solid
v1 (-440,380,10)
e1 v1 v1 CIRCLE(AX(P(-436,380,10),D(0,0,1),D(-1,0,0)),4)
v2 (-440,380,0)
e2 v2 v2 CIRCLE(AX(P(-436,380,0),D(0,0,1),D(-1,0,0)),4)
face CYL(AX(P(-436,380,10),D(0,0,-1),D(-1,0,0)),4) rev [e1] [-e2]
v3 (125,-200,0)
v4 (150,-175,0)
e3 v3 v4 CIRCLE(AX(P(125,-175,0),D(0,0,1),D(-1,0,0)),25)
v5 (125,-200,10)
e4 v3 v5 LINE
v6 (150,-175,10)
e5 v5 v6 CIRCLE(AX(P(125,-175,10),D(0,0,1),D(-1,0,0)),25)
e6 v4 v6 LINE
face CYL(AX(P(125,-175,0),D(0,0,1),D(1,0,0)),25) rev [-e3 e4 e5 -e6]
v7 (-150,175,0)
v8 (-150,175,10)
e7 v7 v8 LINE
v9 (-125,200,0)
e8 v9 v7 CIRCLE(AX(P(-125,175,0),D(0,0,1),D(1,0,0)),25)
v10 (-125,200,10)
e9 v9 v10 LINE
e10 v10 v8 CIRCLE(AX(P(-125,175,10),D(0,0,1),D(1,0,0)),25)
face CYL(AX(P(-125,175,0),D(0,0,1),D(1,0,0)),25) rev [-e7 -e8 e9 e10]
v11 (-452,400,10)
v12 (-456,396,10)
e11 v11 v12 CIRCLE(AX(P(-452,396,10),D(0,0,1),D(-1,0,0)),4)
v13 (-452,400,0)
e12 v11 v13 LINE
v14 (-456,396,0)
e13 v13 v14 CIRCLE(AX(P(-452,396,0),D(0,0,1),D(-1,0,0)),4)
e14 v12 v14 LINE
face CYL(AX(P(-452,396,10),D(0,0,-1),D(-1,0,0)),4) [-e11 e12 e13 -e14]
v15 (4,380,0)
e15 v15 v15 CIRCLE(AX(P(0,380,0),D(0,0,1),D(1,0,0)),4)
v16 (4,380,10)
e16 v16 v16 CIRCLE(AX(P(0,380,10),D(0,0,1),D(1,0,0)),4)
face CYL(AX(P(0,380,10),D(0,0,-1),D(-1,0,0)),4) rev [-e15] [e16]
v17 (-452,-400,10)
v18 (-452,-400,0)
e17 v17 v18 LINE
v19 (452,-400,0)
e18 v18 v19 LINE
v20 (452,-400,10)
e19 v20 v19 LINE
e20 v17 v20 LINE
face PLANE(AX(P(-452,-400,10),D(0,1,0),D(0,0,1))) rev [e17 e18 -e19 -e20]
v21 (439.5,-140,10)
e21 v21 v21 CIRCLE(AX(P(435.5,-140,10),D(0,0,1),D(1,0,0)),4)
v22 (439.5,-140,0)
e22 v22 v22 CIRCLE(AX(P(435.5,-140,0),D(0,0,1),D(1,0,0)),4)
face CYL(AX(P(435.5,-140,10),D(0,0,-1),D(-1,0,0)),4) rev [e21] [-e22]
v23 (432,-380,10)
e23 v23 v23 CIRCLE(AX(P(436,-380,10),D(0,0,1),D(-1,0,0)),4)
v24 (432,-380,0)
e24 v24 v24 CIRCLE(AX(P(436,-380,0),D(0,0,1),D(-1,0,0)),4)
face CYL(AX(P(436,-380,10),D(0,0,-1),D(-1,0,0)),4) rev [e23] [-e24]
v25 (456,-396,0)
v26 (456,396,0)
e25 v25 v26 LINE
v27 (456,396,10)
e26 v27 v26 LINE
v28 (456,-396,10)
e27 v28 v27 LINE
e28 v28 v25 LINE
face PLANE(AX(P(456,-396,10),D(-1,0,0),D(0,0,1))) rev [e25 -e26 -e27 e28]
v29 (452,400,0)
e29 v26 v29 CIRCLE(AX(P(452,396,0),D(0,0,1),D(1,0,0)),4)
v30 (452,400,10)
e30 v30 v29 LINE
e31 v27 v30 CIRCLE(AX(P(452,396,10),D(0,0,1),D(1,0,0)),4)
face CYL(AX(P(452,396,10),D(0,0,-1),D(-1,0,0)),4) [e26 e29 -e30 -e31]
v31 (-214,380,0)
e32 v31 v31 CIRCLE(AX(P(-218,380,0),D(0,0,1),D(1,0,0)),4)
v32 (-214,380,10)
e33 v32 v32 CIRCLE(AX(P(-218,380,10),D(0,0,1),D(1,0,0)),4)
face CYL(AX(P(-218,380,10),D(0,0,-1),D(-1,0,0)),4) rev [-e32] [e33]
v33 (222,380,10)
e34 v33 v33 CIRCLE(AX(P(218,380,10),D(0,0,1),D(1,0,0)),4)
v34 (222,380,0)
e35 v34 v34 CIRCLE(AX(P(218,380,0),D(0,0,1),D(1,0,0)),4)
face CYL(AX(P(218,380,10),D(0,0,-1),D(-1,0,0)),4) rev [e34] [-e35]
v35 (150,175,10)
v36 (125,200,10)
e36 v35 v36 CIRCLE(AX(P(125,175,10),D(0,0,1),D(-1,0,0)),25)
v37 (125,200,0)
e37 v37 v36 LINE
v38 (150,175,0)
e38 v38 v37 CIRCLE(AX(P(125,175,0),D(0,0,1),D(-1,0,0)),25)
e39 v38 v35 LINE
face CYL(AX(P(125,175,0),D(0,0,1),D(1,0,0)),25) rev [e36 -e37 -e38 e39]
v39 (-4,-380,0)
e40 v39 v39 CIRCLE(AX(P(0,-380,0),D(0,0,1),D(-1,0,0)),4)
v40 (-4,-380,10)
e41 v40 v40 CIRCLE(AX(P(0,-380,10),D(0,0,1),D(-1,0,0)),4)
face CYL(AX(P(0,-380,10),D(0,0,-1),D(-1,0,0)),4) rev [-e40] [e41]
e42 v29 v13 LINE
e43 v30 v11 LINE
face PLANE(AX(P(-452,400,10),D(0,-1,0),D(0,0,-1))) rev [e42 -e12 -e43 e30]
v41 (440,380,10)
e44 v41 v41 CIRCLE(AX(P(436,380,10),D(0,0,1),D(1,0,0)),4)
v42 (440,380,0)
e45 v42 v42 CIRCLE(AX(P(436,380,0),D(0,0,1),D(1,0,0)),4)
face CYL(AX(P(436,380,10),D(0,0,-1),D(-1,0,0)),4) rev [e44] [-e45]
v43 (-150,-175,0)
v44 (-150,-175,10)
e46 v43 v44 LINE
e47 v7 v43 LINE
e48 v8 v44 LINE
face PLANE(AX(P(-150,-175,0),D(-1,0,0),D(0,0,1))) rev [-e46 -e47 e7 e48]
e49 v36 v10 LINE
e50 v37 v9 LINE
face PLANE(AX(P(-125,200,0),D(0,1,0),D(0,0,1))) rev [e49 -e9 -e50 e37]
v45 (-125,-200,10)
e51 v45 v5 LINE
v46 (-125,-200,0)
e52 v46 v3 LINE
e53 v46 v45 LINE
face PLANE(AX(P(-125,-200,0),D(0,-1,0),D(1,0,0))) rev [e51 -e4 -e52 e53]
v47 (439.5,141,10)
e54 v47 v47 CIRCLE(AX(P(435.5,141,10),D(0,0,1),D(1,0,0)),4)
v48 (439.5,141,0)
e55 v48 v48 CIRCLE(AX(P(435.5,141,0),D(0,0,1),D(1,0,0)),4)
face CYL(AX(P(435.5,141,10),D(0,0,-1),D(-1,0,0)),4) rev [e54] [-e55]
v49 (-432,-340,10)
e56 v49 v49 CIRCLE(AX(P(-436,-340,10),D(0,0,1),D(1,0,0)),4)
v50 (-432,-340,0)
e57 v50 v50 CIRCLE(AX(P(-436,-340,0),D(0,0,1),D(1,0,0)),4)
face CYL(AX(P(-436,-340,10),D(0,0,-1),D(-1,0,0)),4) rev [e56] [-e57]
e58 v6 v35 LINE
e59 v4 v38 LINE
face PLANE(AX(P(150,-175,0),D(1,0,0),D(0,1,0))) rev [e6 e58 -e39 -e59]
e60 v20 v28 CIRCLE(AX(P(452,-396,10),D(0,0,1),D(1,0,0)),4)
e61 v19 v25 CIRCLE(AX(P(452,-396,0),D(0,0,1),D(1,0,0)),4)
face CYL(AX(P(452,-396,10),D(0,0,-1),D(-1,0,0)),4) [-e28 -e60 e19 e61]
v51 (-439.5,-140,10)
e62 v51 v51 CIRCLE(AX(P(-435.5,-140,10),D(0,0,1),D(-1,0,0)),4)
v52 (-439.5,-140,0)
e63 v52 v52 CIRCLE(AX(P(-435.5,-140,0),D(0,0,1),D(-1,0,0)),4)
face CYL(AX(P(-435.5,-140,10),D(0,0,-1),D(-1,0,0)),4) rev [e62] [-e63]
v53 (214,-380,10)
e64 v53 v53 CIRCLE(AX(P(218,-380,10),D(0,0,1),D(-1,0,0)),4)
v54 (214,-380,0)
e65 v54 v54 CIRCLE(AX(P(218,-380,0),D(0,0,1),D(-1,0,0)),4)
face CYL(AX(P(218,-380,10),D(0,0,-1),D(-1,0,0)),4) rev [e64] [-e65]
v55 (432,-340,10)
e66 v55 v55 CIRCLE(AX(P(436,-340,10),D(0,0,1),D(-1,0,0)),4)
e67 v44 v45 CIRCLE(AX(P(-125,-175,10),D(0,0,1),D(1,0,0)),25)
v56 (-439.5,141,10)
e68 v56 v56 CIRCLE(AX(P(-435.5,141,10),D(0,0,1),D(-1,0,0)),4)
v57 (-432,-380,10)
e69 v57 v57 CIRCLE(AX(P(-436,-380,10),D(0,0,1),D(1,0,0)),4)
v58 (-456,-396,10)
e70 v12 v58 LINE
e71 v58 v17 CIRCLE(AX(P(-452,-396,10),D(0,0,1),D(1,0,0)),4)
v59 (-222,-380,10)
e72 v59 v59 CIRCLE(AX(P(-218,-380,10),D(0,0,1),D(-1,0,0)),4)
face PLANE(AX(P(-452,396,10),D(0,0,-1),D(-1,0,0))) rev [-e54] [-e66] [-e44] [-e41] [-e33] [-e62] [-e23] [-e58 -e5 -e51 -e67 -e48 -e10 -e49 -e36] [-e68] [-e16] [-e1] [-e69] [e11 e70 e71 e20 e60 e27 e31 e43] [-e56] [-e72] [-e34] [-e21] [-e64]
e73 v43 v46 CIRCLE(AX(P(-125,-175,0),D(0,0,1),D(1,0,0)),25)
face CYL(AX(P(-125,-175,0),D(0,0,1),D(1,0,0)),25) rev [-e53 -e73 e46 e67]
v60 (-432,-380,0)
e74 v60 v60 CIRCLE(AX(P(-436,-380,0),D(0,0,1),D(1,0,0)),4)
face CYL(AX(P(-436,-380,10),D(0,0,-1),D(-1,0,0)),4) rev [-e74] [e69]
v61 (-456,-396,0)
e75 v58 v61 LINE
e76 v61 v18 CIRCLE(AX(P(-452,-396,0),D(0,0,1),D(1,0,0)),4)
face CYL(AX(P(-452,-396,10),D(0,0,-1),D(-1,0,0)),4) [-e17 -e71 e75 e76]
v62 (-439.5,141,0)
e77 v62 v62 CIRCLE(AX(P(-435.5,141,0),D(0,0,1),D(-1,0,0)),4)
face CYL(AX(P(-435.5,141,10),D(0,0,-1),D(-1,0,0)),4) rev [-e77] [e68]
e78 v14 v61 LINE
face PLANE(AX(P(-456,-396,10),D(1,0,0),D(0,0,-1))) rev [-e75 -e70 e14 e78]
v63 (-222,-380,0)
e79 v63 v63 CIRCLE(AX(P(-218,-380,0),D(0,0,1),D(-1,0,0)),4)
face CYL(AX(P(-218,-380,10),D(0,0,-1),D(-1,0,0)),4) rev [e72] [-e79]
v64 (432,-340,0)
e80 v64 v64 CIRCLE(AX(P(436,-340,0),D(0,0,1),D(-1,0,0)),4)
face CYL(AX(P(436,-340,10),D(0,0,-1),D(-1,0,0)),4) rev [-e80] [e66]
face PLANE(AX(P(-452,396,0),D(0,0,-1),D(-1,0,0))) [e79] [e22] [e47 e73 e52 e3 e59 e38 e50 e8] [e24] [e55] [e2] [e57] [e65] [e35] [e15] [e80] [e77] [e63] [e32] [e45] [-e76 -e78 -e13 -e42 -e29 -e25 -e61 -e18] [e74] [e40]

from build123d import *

# Parameters (mm, degrees)
ESQUISSE1_R             = 4
BOSS_EXTRU_1_DEPTH      = 10
ENL_V_MAT_EXTRU_1_DEPTH = 607.65970692


with BuildPart() as part:
    # Esquisse1 → Boss.-Extru.1 (new body)
    with BuildSketch(Plane.XY):
        with BuildLine():
            Line((-452, -400), (452, -400))
            ThreePointArc((452, -400), (454.828427125, -398.828427125), (456, -396))
            Line((456, -396), (456, 396))
            ThreePointArc((456, 396), (454.828427125, 398.828427125), (452, 400))
            Line((452, 400), (-452, 400))
            ThreePointArc((-452, 400), (-454.828427125, 398.828427125), (-456, 396))
            Line((-456, 396), (-456, -396))
            ThreePointArc((-456, -396), (-454.828427125, -398.828427125), (-452, -400))
        make_face()
        with Locations((436, 380)):
            Circle(ESQUISSE1_R, mode=Mode.SUBTRACT)
        with Locations((435.5, -140)):
            Circle(ESQUISSE1_R, mode=Mode.SUBTRACT)
        with Locations((435.5, 141)):
            Circle(ESQUISSE1_R, mode=Mode.SUBTRACT)
        with Locations(Location((-435.5, -140, 0), (0, 0, 180))):
            Circle(ESQUISSE1_R, mode=Mode.SUBTRACT)
        with Locations(Location((-436, 380, 0), (0, 0, 180))):
            Circle(ESQUISSE1_R, mode=Mode.SUBTRACT)
        with Locations(Location((-435.5, 141, 0), (0, 0, 180))):
            Circle(ESQUISSE1_R, mode=Mode.SUBTRACT)
        with Locations(Location((436, -380, 0), (0, 0, 180))):
            Circle(ESQUISSE1_R, mode=Mode.SUBTRACT)
        with Locations(Location((436, -340, 0), (0, 0, 180))):
            Circle(ESQUISSE1_R, mode=Mode.SUBTRACT)
        with Locations((-436, -340)):
            Circle(ESQUISSE1_R, mode=Mode.SUBTRACT)
        with Locations((-436, -380)):
            Circle(ESQUISSE1_R, mode=Mode.SUBTRACT)
        with Locations(Location((218, -380, 0), (0, 0, 180))):
            Circle(ESQUISSE1_R, mode=Mode.SUBTRACT)
        with Locations(Location((0, -380, 0), (0, 0, 180))):
            Circle(ESQUISSE1_R, mode=Mode.SUBTRACT)
        with Locations(Location((-218, -380, 0), (0, 0, 180))):
            Circle(ESQUISSE1_R, mode=Mode.SUBTRACT)
        with Locations((-218, 380)):
            Circle(ESQUISSE1_R, mode=Mode.SUBTRACT)
        with Locations((0, 380)):
            Circle(ESQUISSE1_R, mode=Mode.SUBTRACT)
        with Locations((218, 380)):
            Circle(ESQUISSE1_R, mode=Mode.SUBTRACT)
    extrude(amount=BOSS_EXTRU_1_DEPTH)

    # Esquisse2 → Enlèv. mat.-Extru.1 (cut, through all)
    with BuildSketch(Plane.XY.offset(10)):
        with BuildLine():
            Line((-125, -200), (125, -200))
            ThreePointArc((125, -200), (142.67766953, -192.67766953), (150, -175))
            Line((150, -175), (150, 175))
            ThreePointArc((150, 175), (142.67766953, 192.67766953), (125, 200))
            Line((125, 200), (-125, 200))
            ThreePointArc((-125, 200), (-142.67766953, 192.67766953), (-150, 175))
            Line((-150, 175), (-150, -175))
            ThreePointArc((-150, -175), (-142.67766953, -192.67766953), (-125, -200))
        make_face()
    extrude(amount=-ENL_V_MAT_EXTRU_1_DEPTH, mode=Mode.SUBTRACT)


solid = part.part
